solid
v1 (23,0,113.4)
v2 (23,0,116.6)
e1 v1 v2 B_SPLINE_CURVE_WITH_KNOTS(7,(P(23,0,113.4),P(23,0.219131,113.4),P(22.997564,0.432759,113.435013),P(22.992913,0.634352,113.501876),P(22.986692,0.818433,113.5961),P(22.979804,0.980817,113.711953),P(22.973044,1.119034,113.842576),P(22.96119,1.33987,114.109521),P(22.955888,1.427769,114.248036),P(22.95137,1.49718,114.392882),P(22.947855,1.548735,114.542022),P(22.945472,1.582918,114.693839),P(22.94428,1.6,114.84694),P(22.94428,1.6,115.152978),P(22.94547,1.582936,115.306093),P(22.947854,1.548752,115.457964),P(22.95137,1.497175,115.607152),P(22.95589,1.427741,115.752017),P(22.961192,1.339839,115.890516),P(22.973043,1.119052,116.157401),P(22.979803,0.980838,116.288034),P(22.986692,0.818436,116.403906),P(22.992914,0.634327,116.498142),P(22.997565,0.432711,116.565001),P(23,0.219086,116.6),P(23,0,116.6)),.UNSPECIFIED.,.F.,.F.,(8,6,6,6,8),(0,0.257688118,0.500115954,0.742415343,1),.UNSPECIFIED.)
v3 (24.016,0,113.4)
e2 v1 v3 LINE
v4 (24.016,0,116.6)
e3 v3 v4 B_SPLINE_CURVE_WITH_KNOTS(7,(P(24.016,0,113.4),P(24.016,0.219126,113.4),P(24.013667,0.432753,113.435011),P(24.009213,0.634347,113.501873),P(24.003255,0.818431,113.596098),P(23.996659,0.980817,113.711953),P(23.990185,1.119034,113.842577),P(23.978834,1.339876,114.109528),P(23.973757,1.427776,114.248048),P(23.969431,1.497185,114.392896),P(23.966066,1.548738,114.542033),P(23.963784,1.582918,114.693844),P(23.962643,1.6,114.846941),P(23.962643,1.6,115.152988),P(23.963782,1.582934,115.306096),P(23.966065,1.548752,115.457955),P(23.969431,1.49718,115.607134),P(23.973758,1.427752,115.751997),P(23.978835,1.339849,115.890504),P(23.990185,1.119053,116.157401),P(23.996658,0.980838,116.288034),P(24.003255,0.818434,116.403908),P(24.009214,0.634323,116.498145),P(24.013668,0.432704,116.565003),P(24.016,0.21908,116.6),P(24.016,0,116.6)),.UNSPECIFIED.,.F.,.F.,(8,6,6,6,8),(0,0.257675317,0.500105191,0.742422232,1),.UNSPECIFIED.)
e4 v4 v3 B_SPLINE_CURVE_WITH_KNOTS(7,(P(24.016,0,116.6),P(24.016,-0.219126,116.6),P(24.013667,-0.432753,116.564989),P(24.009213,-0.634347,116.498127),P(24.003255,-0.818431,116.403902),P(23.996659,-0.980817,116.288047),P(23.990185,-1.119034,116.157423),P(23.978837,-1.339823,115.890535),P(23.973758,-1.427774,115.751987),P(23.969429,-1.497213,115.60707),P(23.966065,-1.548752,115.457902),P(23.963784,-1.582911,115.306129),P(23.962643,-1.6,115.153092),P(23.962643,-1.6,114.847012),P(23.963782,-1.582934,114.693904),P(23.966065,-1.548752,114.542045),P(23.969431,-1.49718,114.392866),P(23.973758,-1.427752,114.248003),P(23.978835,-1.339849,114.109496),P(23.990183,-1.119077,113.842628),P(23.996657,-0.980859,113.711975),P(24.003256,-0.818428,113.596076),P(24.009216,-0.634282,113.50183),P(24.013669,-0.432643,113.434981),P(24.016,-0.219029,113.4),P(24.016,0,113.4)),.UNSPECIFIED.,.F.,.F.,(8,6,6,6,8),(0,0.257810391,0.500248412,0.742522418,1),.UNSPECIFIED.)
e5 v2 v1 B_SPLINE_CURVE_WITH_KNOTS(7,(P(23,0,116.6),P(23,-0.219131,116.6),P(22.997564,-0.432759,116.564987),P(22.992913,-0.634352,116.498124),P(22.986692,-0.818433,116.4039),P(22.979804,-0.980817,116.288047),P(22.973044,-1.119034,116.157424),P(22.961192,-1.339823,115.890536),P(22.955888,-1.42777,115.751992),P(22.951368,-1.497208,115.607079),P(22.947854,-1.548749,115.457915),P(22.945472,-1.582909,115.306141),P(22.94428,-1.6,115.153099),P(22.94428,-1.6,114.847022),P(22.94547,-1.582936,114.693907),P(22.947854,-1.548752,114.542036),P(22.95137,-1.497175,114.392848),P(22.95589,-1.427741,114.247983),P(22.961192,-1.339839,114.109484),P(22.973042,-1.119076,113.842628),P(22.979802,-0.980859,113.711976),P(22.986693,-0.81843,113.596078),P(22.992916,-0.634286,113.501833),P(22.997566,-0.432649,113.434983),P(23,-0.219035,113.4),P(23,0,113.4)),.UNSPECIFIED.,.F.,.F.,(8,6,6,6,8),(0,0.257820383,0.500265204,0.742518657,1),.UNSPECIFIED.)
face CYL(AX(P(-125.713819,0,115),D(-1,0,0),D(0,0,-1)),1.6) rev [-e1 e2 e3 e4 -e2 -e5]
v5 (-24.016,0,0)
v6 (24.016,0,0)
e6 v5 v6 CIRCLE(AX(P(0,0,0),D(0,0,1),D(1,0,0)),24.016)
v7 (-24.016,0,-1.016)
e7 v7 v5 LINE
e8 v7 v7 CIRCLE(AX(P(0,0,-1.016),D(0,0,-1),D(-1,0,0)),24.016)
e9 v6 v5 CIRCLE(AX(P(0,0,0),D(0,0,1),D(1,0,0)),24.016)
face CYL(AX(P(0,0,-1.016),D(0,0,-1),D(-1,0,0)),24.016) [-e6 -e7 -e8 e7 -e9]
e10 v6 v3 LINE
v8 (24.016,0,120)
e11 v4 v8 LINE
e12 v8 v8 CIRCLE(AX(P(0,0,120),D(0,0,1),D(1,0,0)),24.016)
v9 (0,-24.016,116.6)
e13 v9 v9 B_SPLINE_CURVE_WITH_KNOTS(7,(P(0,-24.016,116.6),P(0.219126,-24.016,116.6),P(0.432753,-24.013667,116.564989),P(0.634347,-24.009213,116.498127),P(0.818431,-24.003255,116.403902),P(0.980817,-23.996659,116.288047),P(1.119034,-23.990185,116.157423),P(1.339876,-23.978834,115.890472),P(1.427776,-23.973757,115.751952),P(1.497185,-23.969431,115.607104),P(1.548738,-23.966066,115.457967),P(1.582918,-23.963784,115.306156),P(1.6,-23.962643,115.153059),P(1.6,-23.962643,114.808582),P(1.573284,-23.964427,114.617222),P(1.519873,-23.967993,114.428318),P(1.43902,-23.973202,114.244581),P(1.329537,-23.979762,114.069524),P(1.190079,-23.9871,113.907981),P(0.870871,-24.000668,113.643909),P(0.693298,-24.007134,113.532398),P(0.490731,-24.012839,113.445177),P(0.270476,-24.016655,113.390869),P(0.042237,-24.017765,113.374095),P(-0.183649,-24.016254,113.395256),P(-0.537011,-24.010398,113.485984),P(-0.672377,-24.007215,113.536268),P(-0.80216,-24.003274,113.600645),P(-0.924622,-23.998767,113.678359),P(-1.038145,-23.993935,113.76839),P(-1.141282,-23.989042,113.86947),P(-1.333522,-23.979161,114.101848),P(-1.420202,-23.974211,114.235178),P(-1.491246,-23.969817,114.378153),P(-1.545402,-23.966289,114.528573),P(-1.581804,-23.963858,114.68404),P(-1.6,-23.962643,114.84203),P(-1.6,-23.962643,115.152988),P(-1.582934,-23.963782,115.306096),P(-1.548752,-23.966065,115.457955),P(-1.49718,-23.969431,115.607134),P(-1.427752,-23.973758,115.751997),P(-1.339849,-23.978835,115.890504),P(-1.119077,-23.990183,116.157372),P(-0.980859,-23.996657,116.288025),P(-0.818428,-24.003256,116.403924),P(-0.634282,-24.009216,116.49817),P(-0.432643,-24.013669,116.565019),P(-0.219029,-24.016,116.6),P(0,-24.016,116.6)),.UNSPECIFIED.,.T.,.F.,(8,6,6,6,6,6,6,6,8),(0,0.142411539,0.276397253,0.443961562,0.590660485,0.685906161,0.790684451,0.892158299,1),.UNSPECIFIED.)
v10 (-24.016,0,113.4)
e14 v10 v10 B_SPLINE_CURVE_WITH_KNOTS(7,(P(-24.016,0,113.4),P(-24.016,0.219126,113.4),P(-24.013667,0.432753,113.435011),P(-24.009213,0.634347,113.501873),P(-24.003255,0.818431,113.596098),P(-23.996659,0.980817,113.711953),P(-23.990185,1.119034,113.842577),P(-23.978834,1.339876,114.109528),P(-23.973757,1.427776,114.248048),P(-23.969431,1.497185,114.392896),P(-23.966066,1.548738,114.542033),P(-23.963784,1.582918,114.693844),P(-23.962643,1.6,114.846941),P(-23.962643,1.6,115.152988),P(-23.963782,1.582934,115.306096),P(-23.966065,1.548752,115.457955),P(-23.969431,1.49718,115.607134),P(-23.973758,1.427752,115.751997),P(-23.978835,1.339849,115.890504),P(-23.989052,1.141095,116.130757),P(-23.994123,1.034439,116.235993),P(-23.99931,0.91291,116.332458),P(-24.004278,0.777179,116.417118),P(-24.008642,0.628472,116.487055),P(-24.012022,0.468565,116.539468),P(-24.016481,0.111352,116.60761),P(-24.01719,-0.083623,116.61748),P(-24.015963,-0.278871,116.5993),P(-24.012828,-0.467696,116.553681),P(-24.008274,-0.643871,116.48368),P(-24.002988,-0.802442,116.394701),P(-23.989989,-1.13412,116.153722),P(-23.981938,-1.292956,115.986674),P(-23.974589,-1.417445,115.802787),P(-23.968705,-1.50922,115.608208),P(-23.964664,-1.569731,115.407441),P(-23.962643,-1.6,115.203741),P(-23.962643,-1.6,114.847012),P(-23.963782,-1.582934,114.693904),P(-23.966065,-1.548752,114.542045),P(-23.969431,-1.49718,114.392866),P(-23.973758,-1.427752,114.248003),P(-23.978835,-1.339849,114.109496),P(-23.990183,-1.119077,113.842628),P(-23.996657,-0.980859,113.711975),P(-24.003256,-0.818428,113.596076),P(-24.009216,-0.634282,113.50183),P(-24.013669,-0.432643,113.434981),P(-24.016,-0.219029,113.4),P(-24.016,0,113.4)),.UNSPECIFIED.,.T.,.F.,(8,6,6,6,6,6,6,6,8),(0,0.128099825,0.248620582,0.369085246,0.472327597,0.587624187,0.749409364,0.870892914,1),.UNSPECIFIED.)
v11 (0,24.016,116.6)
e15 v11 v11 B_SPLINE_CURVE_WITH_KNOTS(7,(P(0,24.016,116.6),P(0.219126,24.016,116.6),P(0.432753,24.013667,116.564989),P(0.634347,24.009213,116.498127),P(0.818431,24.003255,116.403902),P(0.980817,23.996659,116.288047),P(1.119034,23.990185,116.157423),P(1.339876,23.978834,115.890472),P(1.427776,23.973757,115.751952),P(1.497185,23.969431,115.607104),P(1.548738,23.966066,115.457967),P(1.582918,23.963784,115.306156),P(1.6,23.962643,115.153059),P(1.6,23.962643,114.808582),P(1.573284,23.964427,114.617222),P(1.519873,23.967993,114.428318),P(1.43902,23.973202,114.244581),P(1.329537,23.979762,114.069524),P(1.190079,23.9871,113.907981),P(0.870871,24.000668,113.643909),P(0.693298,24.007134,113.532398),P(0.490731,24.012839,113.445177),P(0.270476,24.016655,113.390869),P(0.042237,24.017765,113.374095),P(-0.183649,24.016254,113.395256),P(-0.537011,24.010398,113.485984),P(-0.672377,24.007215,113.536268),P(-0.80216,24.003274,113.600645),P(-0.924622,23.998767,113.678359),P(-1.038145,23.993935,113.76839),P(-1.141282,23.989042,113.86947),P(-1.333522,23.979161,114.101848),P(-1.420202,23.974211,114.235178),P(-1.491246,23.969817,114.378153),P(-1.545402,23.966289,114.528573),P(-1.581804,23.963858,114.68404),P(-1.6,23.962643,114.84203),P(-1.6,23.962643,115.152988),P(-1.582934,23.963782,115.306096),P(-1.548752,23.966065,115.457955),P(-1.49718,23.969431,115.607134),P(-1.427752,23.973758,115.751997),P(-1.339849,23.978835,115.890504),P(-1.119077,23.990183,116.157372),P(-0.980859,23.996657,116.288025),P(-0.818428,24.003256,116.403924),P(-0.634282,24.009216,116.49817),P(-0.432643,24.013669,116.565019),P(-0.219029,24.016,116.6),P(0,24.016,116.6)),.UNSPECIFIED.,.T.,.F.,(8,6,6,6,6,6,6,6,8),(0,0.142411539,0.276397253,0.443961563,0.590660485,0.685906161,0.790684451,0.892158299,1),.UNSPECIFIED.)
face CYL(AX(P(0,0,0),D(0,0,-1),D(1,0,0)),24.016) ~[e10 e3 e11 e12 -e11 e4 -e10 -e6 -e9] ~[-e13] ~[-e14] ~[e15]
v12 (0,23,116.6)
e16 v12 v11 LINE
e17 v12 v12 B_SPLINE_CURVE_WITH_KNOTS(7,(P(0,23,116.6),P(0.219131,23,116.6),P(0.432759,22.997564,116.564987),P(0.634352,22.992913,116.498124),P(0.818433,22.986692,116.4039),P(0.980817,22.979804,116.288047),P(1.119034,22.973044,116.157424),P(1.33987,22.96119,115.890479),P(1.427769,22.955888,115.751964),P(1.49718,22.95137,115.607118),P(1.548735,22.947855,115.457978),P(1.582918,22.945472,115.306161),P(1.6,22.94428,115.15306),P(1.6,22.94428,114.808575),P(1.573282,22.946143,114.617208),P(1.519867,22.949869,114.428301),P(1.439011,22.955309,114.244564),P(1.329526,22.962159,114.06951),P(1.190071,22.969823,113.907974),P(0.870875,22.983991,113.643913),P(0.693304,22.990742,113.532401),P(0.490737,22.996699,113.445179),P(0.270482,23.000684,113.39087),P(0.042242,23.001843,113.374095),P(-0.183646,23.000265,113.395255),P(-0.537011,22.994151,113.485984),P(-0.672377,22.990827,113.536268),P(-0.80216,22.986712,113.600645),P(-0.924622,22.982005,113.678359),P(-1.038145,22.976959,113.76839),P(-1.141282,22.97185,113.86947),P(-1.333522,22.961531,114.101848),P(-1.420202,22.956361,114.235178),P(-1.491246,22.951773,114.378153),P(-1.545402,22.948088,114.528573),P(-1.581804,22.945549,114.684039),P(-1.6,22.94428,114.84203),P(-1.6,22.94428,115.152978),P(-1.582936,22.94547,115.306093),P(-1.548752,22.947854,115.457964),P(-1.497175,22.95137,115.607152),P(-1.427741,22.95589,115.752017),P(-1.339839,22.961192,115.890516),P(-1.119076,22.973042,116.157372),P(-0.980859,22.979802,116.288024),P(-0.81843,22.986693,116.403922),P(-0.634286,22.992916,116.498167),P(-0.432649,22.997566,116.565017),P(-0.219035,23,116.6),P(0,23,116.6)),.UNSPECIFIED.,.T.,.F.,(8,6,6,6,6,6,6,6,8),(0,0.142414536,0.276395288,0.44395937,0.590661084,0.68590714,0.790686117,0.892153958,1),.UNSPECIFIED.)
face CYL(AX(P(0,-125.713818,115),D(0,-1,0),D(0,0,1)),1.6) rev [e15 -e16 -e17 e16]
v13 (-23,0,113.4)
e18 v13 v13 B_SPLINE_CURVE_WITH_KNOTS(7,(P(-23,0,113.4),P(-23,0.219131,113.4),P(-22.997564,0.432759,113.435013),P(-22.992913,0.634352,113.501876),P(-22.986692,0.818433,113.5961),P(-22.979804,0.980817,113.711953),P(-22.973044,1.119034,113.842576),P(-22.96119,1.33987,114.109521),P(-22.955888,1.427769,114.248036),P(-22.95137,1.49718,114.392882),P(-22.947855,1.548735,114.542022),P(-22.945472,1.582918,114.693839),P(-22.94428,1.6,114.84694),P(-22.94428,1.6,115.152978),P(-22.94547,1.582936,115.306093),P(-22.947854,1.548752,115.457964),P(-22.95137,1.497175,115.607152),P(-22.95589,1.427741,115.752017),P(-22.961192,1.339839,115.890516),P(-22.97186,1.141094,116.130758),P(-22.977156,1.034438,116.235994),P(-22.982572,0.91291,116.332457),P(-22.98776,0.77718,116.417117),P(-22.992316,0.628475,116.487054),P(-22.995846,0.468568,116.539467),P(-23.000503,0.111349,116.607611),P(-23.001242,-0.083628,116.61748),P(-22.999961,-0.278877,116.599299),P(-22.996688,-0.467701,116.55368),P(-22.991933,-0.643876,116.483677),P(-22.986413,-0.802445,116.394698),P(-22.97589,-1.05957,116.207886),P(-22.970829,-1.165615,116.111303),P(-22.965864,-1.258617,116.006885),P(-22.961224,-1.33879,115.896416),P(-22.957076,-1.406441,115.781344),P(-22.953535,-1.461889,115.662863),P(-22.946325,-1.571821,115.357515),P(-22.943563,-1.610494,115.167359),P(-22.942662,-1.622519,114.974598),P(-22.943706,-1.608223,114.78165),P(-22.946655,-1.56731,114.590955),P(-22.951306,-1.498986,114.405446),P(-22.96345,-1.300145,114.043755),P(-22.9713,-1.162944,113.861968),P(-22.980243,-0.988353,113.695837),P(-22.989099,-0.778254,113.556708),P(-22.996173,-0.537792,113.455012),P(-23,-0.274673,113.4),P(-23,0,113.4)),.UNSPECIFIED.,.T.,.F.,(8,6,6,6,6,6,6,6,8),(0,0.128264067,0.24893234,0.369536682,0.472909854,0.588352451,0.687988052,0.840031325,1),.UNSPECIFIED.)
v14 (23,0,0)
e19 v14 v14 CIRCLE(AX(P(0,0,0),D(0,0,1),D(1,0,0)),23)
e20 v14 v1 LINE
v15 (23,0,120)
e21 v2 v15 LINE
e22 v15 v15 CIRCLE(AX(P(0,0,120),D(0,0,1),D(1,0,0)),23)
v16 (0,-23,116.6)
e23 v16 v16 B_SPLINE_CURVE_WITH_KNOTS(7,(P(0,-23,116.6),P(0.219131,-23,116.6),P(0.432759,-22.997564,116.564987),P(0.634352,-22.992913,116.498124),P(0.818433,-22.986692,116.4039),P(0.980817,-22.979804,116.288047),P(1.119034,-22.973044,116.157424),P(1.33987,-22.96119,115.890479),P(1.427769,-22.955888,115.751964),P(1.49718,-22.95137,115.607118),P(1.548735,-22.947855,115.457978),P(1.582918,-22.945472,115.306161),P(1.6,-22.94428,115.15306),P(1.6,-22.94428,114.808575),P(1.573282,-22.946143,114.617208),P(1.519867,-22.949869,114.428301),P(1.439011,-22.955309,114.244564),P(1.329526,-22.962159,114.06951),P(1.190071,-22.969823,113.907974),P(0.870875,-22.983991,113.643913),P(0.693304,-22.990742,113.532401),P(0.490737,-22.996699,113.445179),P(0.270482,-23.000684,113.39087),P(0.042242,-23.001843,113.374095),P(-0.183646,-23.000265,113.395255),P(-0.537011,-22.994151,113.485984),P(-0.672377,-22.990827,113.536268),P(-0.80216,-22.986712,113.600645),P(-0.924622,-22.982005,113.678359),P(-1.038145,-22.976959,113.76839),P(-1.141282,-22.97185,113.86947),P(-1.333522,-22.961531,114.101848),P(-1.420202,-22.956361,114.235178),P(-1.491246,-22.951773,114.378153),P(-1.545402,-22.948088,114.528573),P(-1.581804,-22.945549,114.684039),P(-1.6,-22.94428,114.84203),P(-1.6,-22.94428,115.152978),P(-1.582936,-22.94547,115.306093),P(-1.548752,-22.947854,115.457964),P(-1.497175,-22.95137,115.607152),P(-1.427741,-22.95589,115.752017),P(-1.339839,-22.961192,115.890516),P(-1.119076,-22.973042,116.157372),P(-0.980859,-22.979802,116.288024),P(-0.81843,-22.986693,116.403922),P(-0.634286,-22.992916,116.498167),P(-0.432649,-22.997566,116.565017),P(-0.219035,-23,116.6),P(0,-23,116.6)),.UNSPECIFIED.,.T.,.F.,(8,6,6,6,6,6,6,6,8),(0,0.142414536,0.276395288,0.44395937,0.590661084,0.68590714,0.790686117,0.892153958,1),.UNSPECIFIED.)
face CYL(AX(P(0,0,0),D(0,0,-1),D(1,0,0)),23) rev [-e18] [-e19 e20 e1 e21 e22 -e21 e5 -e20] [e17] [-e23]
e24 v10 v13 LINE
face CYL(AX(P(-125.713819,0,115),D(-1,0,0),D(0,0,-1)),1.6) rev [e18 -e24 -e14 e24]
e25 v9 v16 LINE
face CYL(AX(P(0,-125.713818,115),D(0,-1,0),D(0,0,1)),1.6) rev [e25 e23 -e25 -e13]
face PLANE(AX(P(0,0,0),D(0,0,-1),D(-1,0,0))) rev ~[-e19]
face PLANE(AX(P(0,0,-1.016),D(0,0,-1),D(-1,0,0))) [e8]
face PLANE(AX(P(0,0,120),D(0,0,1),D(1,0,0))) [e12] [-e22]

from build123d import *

# Parameters (mm, degrees)
SKETCH1_R               = 24.016
SKETCH1_R_2             = 23
EXTRUDE_THIN1_DEPTH     = 120
BOSS_EXTRUDE1_START     = 1.016
SKETCH2_R               = 24.016
BOSS_EXTRUDE1_DEPTH     = 1.016
CUT_EXTRUDE1_DEPTH      = 125.713818448
CUT_EXTRUDE1_DEPTH_BACK = 125.713818448
SKETCH3_R               = 1.6
CUT_EXTRUDE2_DEPTH      = 125.713818587
CUT_EXTRUDE2_DEPTH_BACK = 125.713818587
SKETCH4_R               = 1.6


with BuildPart() as part:
    # Sketch1 → Extrude-Thin1 (new body)
    with BuildSketch(Plane.XY):
        Circle(SKETCH1_R)
        Circle(SKETCH1_R_2, mode=Mode.SUBTRACT)
    extrude(amount=EXTRUDE_THIN1_DEPTH)

    # Sketch2 → Boss-Extrude1 (add)
    with BuildSketch(Plane(origin=(0, 0, 0), x_dir=(-1, 0, 0), z_dir=(0, 0, -1)).offset(BOSS_EXTRUDE1_START)):
        Circle(SKETCH2_R)
    extrude(amount=-BOSS_EXTRUDE1_DEPTH)

    # Sketch3 → Cut-Extrude1 (cut, two sides: drawn at the far end of the back side and taken through both)
    with BuildSketch(Plane(origin=(0, 0, 0), x_dir=(1, 0, 0), z_dir=(0, 1, 0)).offset(-CUT_EXTRUDE1_DEPTH_BACK)):
        with Locations(Location((0, -115, 0), (0, 0, 270))):
            Circle(SKETCH3_R)
    extrude(amount=CUT_EXTRUDE1_DEPTH + CUT_EXTRUDE1_DEPTH_BACK, mode=Mode.SUBTRACT)

    # Sketch4 → Cut-Extrude2 (cut, two sides: drawn at the far end of the back side and taken through both)
    with BuildSketch(Plane(origin=(0, 0, 0), x_dir=(0, 0, -1), z_dir=(1, 0, 0)).offset(-CUT_EXTRUDE2_DEPTH_BACK)):
        with Locations((-115, 0)):
            Circle(SKETCH4_R)
    extrude(amount=CUT_EXTRUDE2_DEPTH + CUT_EXTRUDE2_DEPTH_BACK, mode=Mode.SUBTRACT)


solid = part.part
